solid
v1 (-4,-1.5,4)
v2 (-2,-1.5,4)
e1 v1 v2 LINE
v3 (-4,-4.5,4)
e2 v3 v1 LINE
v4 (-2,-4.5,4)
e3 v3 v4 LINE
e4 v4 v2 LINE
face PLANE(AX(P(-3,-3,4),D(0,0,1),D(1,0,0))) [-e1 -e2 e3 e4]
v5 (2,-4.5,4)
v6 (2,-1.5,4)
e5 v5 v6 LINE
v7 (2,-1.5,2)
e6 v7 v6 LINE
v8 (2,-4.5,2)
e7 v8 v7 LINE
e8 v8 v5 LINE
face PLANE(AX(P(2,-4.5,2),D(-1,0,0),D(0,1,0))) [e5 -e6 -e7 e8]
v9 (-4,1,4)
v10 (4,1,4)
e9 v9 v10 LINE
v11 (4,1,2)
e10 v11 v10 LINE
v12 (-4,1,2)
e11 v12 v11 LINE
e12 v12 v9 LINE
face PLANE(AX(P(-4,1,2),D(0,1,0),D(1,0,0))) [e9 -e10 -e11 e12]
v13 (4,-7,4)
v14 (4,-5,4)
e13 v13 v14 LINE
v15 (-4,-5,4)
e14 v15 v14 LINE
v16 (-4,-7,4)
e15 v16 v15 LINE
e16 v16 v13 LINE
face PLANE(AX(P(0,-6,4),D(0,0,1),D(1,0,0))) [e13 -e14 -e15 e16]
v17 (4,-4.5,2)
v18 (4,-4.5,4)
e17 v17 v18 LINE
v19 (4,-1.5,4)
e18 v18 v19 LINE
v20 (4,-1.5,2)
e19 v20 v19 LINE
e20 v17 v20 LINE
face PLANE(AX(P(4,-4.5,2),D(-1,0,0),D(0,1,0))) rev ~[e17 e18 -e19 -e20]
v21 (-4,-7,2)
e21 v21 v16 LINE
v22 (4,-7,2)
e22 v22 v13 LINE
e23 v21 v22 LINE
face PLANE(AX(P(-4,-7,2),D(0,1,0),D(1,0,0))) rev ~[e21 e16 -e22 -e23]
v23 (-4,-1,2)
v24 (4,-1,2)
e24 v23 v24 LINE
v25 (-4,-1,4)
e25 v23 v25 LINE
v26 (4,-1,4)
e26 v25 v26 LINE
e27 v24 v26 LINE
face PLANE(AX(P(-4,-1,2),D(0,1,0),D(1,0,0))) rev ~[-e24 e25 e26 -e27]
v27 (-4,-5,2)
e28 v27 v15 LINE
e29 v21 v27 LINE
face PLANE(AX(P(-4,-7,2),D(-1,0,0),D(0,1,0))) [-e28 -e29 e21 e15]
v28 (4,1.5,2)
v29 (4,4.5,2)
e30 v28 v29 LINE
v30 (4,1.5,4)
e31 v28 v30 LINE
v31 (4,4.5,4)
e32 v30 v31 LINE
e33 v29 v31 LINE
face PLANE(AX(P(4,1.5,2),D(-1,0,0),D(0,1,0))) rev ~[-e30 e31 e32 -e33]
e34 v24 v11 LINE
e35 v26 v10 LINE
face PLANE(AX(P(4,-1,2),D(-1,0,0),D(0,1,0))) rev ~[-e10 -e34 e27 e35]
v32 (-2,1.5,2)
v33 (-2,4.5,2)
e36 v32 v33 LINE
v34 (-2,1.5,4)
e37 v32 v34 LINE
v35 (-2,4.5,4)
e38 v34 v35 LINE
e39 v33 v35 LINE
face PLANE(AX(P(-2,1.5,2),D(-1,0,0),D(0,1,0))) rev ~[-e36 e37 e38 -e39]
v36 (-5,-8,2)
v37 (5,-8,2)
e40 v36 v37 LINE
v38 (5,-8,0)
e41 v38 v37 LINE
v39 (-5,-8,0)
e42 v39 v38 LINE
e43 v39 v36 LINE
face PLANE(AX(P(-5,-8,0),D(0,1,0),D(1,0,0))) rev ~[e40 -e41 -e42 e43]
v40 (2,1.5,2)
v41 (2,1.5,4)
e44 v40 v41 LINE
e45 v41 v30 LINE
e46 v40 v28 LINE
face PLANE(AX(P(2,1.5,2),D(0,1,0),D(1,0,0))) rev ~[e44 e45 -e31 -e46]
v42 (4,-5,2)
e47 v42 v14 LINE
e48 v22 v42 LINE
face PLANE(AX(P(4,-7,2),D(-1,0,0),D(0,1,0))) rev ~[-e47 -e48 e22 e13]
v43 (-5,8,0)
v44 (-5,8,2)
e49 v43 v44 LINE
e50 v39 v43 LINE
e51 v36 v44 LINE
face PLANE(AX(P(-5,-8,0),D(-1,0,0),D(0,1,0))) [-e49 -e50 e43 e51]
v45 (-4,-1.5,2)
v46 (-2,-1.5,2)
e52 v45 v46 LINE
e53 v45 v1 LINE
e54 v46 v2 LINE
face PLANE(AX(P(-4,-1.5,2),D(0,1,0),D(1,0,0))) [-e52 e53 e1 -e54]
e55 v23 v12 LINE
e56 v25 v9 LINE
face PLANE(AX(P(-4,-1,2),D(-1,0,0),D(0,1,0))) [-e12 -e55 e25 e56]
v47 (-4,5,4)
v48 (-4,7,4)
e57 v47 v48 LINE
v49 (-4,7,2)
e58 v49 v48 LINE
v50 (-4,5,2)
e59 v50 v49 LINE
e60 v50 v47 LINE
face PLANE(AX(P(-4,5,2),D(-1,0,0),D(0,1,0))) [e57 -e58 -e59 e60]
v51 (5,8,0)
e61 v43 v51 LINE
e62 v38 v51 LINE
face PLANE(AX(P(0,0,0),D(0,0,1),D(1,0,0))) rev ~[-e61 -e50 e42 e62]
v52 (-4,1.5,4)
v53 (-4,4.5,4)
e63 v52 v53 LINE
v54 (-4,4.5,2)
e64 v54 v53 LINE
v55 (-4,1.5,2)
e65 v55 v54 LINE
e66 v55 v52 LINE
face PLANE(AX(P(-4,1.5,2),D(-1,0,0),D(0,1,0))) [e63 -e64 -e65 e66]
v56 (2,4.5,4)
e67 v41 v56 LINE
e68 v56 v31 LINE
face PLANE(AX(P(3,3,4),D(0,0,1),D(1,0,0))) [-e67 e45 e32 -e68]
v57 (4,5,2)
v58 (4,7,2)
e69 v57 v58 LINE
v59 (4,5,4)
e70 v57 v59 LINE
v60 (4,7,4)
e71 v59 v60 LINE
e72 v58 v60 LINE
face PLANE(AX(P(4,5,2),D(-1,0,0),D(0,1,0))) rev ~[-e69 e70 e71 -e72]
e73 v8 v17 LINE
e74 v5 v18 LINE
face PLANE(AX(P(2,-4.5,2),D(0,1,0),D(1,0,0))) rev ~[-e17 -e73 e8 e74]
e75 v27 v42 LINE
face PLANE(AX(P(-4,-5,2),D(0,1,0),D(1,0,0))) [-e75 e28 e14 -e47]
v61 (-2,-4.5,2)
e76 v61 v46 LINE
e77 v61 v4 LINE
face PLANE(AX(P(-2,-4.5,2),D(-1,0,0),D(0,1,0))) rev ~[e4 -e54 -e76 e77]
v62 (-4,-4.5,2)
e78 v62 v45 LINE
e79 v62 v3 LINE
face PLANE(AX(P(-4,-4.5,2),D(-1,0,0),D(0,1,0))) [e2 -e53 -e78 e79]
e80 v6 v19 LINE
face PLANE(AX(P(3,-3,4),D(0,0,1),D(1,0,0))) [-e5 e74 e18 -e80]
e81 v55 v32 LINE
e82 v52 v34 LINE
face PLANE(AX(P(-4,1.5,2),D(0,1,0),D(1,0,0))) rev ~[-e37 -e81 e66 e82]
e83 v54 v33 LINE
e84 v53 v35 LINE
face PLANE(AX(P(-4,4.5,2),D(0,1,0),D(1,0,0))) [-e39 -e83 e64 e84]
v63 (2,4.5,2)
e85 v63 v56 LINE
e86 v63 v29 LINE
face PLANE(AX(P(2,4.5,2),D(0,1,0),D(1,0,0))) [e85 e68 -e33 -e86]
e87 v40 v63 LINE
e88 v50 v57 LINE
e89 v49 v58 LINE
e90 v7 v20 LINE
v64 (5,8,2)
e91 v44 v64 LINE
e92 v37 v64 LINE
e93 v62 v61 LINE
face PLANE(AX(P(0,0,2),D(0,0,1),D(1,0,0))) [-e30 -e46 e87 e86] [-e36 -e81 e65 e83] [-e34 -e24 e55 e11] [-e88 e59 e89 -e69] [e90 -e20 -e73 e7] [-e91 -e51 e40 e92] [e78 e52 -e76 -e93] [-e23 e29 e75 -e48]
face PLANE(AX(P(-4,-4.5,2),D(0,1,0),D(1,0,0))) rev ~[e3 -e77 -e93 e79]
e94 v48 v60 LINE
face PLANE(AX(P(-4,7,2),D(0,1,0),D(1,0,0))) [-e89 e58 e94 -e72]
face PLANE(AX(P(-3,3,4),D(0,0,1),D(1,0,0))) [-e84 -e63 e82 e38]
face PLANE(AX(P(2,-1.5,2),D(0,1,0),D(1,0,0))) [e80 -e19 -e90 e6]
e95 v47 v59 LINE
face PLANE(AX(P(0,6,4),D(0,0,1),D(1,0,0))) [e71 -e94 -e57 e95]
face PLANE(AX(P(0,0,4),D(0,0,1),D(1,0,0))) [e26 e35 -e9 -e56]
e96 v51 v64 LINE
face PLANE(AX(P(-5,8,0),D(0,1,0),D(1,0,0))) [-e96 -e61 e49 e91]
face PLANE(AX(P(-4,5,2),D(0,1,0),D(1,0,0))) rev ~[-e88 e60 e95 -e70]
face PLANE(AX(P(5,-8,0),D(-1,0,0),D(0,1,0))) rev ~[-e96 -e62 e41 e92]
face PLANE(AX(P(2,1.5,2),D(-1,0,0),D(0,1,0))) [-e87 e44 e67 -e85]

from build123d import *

# Parameters (mm, degrees)
F0_W     = 10
F0_H     = 16
F1_DEPTH = 2
F2_W     = 8
F2_H     = 2
F2_W_2   = 2
F2_H_2   = 3
F3_DEPTH = 2


with BuildPart() as f1:
    # F0 (on Top) → F1 (new body)
    with BuildSketch(Plane.XY):
        Rectangle(F0_W, F0_H)
    extrude(amount=F1_DEPTH)

    # F2 (on face) → F3 (join)
    with BuildSketch(Plane.XY.offset(2)):
        Rectangle(F2_W, F2_H)
        with Locations((0, -6)):
            Rectangle(F2_W, F2_H)
        with Locations((-3, 3)):
            Rectangle(F2_W_2, F2_H_2)
        with Locations((3, 3)):
            Rectangle(F2_W_2, F2_H_2)
        with Locations((-3, -3)):
            Rectangle(F2_W_2, F2_H_2)
        with Locations((3, -3)):
            Rectangle(F2_W_2, F2_H_2)
        with Locations((0, 6)):
            Rectangle(F2_W, F2_H)
    extrude(amount=F3_DEPTH)


solid = f1.part
